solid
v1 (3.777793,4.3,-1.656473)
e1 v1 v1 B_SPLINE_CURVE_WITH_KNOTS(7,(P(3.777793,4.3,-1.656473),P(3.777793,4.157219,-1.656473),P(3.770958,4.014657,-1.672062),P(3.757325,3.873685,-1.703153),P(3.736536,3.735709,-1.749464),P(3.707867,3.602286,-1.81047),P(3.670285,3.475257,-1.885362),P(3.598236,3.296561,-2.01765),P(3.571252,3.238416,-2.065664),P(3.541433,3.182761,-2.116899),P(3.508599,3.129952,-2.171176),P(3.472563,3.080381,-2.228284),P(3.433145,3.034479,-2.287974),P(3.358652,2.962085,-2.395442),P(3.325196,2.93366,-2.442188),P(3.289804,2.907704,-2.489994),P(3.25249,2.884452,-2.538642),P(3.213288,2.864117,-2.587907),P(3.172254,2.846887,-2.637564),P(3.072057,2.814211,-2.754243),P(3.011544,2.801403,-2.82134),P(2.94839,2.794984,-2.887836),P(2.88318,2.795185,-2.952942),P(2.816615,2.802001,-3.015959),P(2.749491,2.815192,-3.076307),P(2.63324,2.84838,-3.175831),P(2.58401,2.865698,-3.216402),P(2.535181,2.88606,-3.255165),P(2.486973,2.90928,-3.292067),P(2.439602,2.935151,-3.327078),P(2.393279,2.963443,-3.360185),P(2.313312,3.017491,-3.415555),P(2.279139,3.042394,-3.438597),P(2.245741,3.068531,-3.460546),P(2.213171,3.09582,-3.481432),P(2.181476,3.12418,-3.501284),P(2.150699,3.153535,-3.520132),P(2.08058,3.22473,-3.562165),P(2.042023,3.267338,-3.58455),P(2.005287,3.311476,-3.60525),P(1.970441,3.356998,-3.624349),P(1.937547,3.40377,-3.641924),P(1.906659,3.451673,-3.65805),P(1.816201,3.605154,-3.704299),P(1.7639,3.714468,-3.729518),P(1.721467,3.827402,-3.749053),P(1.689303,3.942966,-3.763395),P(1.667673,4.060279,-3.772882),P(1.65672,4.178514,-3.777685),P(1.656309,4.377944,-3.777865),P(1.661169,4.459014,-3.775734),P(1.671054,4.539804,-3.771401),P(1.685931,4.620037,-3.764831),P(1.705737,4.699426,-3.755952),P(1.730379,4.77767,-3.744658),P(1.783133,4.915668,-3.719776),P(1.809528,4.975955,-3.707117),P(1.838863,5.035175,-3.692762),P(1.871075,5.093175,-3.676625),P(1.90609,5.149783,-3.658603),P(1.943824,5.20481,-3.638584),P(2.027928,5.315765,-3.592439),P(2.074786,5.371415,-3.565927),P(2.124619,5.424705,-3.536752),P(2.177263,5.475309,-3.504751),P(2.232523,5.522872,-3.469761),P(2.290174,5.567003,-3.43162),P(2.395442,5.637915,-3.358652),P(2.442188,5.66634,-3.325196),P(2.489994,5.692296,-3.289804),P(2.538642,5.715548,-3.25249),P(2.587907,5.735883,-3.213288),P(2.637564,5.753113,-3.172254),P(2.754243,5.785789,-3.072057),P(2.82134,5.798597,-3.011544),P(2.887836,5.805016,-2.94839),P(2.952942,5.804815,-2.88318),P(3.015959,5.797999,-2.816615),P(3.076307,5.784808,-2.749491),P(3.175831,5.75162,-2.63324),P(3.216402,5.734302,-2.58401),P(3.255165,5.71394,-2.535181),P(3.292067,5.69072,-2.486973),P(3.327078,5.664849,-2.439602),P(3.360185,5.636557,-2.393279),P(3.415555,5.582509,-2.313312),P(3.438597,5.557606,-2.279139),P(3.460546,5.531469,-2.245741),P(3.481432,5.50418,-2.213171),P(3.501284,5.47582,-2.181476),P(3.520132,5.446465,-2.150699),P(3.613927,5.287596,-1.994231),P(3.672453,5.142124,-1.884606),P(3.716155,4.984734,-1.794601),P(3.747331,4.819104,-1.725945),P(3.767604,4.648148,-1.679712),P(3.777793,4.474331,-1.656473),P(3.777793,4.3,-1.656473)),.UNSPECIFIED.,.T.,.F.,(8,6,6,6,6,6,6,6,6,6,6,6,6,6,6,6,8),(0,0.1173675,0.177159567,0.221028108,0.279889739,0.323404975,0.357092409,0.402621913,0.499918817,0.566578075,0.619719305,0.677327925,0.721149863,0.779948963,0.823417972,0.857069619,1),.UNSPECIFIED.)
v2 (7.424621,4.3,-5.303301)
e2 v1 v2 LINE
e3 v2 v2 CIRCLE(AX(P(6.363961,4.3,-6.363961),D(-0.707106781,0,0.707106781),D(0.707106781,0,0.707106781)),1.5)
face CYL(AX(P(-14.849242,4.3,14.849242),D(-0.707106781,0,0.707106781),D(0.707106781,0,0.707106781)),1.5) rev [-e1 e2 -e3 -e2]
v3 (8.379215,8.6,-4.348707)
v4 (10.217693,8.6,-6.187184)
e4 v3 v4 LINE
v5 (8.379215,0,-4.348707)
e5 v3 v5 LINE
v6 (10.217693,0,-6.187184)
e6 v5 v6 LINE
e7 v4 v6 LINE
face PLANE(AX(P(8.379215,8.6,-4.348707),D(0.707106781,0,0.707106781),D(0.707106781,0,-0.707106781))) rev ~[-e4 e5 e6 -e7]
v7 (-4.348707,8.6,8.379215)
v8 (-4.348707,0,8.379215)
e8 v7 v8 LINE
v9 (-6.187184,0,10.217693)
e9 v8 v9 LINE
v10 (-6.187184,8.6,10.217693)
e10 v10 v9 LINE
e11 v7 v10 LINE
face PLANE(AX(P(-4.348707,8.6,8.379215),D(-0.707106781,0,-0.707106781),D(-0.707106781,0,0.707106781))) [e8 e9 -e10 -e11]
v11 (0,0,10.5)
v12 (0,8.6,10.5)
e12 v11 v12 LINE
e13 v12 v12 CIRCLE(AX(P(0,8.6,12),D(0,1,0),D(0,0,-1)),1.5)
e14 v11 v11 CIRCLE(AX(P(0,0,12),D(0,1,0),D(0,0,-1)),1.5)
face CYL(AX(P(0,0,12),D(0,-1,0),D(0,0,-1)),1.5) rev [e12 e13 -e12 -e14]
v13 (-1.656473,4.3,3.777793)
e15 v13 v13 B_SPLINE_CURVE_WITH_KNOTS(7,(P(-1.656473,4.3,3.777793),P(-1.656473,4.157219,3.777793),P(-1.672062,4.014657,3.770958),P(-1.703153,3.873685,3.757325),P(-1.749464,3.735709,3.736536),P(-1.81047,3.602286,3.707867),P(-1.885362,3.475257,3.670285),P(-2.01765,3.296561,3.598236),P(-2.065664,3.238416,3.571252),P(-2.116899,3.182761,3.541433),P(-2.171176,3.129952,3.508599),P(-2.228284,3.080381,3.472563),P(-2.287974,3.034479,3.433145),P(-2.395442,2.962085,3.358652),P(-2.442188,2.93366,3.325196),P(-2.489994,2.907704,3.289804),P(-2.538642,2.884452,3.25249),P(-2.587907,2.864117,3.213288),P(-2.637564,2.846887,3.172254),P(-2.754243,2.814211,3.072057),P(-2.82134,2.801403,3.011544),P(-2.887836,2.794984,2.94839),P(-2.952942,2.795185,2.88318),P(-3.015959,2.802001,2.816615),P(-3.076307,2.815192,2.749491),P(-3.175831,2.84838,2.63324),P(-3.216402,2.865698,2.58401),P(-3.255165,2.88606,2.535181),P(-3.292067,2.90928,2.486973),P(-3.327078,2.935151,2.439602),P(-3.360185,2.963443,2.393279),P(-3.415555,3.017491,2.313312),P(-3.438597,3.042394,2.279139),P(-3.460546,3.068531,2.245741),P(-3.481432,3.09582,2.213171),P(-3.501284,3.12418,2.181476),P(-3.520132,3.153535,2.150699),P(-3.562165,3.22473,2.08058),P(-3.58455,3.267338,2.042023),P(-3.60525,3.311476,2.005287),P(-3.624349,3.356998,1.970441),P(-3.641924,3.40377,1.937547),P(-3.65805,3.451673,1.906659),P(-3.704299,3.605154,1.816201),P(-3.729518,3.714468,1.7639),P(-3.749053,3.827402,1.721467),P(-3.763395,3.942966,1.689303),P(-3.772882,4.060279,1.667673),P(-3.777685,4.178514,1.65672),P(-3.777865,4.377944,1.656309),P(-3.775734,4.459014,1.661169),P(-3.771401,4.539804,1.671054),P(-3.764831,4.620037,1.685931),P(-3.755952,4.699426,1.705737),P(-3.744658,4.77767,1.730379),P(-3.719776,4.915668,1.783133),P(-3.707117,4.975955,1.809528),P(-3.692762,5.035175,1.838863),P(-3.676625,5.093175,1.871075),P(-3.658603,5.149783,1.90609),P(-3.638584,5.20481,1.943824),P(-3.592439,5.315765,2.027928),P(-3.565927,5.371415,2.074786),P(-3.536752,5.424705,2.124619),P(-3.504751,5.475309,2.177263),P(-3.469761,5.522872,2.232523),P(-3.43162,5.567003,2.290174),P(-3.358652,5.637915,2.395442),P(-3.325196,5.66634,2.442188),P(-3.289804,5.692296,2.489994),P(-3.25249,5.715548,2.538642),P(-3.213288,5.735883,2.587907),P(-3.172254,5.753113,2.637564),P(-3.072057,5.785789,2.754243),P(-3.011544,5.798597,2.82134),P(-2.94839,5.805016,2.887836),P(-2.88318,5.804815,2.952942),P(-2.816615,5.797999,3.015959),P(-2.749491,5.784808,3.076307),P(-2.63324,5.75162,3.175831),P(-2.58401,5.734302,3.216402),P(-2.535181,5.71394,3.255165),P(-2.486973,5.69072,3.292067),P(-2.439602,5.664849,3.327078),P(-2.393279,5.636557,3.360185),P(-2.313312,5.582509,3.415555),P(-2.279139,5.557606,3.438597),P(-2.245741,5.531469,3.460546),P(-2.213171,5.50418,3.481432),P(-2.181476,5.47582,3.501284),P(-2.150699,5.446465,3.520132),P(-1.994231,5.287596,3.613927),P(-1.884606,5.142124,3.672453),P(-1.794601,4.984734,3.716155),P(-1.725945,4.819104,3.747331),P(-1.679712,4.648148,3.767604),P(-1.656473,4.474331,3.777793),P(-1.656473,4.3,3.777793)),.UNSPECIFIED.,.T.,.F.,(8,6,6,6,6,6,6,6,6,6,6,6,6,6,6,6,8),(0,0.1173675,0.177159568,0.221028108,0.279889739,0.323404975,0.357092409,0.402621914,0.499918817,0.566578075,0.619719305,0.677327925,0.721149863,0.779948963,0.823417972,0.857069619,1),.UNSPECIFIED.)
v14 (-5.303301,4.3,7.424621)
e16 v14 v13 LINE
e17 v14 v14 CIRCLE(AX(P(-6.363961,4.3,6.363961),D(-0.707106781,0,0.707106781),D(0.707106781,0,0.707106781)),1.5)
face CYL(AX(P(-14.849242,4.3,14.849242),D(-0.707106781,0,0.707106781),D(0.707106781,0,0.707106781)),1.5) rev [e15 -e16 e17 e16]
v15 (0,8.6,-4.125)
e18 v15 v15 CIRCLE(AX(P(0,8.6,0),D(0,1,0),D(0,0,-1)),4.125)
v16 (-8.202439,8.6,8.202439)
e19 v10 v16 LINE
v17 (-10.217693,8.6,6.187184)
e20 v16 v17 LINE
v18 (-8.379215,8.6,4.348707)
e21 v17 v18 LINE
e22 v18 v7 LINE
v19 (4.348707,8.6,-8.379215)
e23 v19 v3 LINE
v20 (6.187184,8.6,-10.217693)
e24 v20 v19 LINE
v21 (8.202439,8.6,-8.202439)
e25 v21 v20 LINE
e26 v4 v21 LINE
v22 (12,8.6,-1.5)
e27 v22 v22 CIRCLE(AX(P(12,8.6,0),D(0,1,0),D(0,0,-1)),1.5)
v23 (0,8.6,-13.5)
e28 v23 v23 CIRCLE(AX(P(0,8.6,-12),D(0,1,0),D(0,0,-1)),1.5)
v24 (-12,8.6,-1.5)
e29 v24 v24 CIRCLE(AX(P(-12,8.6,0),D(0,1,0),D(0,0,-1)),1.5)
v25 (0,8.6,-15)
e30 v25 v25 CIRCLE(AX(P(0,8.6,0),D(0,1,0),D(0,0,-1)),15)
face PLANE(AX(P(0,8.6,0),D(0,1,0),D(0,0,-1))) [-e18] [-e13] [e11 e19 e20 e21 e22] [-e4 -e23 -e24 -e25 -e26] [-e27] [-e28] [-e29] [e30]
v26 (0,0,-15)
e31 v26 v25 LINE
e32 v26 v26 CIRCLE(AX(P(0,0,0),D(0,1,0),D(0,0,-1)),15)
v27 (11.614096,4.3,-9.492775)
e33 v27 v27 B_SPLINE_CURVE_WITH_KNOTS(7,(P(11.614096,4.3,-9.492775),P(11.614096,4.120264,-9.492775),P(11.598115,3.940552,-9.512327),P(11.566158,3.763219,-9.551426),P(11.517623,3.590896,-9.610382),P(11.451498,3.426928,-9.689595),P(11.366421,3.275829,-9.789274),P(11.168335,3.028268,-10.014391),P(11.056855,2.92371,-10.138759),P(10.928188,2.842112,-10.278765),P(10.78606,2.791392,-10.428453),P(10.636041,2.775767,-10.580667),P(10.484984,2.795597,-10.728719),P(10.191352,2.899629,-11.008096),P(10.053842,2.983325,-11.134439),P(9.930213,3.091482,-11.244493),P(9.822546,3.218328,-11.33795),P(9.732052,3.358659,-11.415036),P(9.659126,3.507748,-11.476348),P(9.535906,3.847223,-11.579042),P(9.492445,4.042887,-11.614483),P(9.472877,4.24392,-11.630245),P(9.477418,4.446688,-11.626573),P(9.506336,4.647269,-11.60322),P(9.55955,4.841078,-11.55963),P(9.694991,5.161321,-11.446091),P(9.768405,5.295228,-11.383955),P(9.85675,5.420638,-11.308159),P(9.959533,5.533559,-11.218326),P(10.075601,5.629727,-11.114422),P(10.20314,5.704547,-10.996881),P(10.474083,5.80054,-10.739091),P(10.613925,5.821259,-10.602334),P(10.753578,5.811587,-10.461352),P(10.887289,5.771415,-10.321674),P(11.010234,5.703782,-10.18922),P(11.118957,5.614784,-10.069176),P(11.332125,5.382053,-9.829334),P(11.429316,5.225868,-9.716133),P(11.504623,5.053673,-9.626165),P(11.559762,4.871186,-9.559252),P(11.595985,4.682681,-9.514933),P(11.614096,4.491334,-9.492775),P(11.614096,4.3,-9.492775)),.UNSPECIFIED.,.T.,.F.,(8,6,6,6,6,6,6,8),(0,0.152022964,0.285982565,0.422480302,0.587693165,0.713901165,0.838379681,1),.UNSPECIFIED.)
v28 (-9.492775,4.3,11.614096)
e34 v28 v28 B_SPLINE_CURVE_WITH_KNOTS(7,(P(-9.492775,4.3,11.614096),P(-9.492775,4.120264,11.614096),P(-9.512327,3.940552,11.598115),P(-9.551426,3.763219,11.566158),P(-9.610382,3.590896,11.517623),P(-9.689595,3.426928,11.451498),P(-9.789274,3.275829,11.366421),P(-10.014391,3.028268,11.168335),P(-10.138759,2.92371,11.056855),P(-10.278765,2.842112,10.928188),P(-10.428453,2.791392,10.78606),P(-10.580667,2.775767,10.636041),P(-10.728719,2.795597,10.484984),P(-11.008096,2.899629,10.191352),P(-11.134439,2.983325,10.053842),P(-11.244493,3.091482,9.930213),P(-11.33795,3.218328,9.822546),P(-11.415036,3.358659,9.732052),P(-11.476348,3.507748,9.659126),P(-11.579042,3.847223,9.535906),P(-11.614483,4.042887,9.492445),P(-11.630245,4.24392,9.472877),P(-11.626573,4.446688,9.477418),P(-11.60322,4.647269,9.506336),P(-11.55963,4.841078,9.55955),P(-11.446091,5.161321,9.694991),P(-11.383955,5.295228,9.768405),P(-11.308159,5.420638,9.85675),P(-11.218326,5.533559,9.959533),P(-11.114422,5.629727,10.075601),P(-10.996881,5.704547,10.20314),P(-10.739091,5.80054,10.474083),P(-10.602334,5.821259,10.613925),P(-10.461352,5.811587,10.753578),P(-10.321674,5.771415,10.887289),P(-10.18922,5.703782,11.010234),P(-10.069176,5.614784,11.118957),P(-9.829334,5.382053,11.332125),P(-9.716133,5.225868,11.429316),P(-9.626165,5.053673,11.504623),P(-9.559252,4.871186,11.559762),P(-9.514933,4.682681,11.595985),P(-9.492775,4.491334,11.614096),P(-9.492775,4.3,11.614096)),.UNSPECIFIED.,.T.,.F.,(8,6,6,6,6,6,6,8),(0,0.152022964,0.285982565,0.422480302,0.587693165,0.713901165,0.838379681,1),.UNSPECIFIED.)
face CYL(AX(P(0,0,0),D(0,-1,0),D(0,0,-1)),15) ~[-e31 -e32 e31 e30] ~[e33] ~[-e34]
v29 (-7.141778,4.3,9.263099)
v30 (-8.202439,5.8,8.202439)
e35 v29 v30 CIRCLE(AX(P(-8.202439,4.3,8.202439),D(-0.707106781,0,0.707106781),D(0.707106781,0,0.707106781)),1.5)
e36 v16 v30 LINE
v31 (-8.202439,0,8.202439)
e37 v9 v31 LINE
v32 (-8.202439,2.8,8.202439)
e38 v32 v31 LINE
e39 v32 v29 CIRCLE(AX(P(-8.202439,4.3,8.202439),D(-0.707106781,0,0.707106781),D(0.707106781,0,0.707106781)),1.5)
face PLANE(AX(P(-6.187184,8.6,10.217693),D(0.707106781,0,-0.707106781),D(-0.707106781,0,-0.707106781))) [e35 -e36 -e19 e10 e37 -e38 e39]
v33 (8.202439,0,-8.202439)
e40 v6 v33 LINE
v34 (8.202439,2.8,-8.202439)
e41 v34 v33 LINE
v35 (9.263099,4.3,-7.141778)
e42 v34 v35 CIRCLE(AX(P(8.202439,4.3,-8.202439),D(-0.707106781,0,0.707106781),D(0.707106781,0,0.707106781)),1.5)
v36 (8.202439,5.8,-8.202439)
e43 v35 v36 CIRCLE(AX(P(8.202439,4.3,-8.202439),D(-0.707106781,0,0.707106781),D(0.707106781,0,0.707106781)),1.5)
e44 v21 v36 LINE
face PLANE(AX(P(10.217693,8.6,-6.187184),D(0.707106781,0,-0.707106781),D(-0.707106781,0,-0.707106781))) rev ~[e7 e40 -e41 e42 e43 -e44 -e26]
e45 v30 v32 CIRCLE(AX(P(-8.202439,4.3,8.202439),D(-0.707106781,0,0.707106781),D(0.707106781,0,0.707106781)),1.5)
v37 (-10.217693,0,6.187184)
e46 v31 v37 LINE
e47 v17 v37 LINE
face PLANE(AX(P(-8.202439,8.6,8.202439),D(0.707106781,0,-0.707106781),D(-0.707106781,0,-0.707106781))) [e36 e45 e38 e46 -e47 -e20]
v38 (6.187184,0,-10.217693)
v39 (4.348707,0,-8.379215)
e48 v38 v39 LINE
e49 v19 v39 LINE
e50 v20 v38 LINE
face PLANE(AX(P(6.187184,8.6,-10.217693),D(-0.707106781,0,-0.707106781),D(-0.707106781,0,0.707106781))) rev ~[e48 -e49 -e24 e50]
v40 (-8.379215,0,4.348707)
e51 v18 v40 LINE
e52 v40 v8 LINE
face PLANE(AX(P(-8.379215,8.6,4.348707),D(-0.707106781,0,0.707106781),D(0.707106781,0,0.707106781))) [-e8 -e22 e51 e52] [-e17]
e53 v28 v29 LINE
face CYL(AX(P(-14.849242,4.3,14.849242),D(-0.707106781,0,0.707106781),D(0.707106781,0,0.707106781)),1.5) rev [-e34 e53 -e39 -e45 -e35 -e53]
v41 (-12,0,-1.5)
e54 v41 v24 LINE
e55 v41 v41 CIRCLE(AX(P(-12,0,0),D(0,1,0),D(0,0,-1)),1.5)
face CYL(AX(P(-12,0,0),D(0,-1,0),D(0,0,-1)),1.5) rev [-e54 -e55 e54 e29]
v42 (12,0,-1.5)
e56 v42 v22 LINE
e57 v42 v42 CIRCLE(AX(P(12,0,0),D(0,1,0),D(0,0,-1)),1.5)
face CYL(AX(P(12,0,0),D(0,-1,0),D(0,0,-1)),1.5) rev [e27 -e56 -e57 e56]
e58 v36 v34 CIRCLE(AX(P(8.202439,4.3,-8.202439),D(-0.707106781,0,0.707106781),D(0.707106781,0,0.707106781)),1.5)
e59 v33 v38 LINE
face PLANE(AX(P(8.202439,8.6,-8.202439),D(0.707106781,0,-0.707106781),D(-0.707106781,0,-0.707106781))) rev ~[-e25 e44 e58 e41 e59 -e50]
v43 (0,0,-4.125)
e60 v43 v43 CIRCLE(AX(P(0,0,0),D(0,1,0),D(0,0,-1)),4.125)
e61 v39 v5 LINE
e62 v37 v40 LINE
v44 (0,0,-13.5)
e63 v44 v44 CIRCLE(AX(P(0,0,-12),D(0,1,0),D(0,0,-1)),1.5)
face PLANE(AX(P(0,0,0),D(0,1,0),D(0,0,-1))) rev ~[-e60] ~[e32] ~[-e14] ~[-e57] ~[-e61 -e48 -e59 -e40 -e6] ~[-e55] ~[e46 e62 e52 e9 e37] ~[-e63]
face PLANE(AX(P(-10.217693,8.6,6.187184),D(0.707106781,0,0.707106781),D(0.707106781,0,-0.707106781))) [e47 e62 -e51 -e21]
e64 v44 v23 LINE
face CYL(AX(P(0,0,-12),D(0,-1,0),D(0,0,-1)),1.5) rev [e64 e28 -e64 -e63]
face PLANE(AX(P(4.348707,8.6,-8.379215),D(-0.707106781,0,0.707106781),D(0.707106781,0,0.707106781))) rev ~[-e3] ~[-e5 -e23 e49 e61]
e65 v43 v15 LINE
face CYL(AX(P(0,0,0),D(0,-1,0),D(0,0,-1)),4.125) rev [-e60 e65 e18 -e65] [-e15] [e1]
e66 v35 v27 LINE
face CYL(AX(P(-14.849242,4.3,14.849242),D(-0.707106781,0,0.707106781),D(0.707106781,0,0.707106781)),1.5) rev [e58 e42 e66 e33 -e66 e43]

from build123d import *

# Parameters (mm, degrees)
SKETCH1_R               = 15
SKETCH1_R_2             = 4.125
SKETCH1_R_3             = 1.5
BOSS_EXTRUDE1_DEPTH     = 8.6
CUT_EXTRUDE1_DEPTH      = 8.6
CUT_EXTRUDE2_DEPTH      = 8.6
CUT_EXTRUDE2_DEPTH_BACK = 30
SKETCH3_R               = 1.5


with BuildPart() as part:
    # Sketch1 → Boss-Extrude1 (new body)
    with BuildSketch(Plane(origin=(0, 0, 0), x_dir=(1, 0, 0), z_dir=(0, 1, 0))):
        with Locations(Location((0, 0, 0), (0, 0, 90))):
            Circle(SKETCH1_R)
        with Locations(Location((0, 0, 0), (0, 0, 90))):
            Circle(SKETCH1_R_2, mode=Mode.SUBTRACT)
        with Locations(Location((0, 12, 0), (0, 0, 90))):
            Circle(SKETCH1_R_3, mode=Mode.SUBTRACT)
        with Locations(Location((12, 0, 0), (0, 0, 90))):
            Circle(SKETCH1_R_3, mode=Mode.SUBTRACT)
        with Locations(Location((0, -12, 0), (0, 0, 90))):
            Circle(SKETCH1_R_3, mode=Mode.SUBTRACT)
        with Locations(Location((-12, 0, 0), (0, 0, 90))):
            Circle(SKETCH1_R_3, mode=Mode.SUBTRACT)
    extrude(amount=BOSS_EXTRUDE1_DEPTH)

    # Sketch2 → Cut-Extrude1 (cut)
    with BuildSketch(Plane(origin=(0, 8.6, 0), x_dir=(1, 0, 0), z_dir=(0, 1, 0))):
        Polygon((8.202438662, 8.202438662), (6.187184335, 10.217692988), (4.348706704, 8.379215357), (8.379215357, 4.348706704), (10.217692988, 6.187184335), align=None)
        Polygon((-10.217692988, -6.187184335), (-8.379215357, -4.348706704), (-4.348706704, -8.379215357), (-6.187184335, -10.217692988), (-8.202438662, -8.202438662), align=None)
    extrude(amount=-CUT_EXTRUDE1_DEPTH, mode=Mode.SUBTRACT)

    # Sketch3 → Cut-Extrude2 (cut, two sides: drawn at the far end of the back side and taken through both)
    with BuildSketch(Plane(origin=(6.363961031, 0, -6.363961031), x_dir=(-0.7071067811865489, 0, -0.7071067811865461), z_dir=(0.7071067811865461, 0, -0.7071067811865489)).offset(-CUT_EXTRUDE2_DEPTH_BACK)):
        with Locations(Location((0, 4.3, 0), (0, 0, 180))):
            Circle(SKETCH3_R)
    extrude(amount=CUT_EXTRUDE2_DEPTH + CUT_EXTRUDE2_DEPTH_BACK, mode=Mode.SUBTRACT)


solid = part.part
